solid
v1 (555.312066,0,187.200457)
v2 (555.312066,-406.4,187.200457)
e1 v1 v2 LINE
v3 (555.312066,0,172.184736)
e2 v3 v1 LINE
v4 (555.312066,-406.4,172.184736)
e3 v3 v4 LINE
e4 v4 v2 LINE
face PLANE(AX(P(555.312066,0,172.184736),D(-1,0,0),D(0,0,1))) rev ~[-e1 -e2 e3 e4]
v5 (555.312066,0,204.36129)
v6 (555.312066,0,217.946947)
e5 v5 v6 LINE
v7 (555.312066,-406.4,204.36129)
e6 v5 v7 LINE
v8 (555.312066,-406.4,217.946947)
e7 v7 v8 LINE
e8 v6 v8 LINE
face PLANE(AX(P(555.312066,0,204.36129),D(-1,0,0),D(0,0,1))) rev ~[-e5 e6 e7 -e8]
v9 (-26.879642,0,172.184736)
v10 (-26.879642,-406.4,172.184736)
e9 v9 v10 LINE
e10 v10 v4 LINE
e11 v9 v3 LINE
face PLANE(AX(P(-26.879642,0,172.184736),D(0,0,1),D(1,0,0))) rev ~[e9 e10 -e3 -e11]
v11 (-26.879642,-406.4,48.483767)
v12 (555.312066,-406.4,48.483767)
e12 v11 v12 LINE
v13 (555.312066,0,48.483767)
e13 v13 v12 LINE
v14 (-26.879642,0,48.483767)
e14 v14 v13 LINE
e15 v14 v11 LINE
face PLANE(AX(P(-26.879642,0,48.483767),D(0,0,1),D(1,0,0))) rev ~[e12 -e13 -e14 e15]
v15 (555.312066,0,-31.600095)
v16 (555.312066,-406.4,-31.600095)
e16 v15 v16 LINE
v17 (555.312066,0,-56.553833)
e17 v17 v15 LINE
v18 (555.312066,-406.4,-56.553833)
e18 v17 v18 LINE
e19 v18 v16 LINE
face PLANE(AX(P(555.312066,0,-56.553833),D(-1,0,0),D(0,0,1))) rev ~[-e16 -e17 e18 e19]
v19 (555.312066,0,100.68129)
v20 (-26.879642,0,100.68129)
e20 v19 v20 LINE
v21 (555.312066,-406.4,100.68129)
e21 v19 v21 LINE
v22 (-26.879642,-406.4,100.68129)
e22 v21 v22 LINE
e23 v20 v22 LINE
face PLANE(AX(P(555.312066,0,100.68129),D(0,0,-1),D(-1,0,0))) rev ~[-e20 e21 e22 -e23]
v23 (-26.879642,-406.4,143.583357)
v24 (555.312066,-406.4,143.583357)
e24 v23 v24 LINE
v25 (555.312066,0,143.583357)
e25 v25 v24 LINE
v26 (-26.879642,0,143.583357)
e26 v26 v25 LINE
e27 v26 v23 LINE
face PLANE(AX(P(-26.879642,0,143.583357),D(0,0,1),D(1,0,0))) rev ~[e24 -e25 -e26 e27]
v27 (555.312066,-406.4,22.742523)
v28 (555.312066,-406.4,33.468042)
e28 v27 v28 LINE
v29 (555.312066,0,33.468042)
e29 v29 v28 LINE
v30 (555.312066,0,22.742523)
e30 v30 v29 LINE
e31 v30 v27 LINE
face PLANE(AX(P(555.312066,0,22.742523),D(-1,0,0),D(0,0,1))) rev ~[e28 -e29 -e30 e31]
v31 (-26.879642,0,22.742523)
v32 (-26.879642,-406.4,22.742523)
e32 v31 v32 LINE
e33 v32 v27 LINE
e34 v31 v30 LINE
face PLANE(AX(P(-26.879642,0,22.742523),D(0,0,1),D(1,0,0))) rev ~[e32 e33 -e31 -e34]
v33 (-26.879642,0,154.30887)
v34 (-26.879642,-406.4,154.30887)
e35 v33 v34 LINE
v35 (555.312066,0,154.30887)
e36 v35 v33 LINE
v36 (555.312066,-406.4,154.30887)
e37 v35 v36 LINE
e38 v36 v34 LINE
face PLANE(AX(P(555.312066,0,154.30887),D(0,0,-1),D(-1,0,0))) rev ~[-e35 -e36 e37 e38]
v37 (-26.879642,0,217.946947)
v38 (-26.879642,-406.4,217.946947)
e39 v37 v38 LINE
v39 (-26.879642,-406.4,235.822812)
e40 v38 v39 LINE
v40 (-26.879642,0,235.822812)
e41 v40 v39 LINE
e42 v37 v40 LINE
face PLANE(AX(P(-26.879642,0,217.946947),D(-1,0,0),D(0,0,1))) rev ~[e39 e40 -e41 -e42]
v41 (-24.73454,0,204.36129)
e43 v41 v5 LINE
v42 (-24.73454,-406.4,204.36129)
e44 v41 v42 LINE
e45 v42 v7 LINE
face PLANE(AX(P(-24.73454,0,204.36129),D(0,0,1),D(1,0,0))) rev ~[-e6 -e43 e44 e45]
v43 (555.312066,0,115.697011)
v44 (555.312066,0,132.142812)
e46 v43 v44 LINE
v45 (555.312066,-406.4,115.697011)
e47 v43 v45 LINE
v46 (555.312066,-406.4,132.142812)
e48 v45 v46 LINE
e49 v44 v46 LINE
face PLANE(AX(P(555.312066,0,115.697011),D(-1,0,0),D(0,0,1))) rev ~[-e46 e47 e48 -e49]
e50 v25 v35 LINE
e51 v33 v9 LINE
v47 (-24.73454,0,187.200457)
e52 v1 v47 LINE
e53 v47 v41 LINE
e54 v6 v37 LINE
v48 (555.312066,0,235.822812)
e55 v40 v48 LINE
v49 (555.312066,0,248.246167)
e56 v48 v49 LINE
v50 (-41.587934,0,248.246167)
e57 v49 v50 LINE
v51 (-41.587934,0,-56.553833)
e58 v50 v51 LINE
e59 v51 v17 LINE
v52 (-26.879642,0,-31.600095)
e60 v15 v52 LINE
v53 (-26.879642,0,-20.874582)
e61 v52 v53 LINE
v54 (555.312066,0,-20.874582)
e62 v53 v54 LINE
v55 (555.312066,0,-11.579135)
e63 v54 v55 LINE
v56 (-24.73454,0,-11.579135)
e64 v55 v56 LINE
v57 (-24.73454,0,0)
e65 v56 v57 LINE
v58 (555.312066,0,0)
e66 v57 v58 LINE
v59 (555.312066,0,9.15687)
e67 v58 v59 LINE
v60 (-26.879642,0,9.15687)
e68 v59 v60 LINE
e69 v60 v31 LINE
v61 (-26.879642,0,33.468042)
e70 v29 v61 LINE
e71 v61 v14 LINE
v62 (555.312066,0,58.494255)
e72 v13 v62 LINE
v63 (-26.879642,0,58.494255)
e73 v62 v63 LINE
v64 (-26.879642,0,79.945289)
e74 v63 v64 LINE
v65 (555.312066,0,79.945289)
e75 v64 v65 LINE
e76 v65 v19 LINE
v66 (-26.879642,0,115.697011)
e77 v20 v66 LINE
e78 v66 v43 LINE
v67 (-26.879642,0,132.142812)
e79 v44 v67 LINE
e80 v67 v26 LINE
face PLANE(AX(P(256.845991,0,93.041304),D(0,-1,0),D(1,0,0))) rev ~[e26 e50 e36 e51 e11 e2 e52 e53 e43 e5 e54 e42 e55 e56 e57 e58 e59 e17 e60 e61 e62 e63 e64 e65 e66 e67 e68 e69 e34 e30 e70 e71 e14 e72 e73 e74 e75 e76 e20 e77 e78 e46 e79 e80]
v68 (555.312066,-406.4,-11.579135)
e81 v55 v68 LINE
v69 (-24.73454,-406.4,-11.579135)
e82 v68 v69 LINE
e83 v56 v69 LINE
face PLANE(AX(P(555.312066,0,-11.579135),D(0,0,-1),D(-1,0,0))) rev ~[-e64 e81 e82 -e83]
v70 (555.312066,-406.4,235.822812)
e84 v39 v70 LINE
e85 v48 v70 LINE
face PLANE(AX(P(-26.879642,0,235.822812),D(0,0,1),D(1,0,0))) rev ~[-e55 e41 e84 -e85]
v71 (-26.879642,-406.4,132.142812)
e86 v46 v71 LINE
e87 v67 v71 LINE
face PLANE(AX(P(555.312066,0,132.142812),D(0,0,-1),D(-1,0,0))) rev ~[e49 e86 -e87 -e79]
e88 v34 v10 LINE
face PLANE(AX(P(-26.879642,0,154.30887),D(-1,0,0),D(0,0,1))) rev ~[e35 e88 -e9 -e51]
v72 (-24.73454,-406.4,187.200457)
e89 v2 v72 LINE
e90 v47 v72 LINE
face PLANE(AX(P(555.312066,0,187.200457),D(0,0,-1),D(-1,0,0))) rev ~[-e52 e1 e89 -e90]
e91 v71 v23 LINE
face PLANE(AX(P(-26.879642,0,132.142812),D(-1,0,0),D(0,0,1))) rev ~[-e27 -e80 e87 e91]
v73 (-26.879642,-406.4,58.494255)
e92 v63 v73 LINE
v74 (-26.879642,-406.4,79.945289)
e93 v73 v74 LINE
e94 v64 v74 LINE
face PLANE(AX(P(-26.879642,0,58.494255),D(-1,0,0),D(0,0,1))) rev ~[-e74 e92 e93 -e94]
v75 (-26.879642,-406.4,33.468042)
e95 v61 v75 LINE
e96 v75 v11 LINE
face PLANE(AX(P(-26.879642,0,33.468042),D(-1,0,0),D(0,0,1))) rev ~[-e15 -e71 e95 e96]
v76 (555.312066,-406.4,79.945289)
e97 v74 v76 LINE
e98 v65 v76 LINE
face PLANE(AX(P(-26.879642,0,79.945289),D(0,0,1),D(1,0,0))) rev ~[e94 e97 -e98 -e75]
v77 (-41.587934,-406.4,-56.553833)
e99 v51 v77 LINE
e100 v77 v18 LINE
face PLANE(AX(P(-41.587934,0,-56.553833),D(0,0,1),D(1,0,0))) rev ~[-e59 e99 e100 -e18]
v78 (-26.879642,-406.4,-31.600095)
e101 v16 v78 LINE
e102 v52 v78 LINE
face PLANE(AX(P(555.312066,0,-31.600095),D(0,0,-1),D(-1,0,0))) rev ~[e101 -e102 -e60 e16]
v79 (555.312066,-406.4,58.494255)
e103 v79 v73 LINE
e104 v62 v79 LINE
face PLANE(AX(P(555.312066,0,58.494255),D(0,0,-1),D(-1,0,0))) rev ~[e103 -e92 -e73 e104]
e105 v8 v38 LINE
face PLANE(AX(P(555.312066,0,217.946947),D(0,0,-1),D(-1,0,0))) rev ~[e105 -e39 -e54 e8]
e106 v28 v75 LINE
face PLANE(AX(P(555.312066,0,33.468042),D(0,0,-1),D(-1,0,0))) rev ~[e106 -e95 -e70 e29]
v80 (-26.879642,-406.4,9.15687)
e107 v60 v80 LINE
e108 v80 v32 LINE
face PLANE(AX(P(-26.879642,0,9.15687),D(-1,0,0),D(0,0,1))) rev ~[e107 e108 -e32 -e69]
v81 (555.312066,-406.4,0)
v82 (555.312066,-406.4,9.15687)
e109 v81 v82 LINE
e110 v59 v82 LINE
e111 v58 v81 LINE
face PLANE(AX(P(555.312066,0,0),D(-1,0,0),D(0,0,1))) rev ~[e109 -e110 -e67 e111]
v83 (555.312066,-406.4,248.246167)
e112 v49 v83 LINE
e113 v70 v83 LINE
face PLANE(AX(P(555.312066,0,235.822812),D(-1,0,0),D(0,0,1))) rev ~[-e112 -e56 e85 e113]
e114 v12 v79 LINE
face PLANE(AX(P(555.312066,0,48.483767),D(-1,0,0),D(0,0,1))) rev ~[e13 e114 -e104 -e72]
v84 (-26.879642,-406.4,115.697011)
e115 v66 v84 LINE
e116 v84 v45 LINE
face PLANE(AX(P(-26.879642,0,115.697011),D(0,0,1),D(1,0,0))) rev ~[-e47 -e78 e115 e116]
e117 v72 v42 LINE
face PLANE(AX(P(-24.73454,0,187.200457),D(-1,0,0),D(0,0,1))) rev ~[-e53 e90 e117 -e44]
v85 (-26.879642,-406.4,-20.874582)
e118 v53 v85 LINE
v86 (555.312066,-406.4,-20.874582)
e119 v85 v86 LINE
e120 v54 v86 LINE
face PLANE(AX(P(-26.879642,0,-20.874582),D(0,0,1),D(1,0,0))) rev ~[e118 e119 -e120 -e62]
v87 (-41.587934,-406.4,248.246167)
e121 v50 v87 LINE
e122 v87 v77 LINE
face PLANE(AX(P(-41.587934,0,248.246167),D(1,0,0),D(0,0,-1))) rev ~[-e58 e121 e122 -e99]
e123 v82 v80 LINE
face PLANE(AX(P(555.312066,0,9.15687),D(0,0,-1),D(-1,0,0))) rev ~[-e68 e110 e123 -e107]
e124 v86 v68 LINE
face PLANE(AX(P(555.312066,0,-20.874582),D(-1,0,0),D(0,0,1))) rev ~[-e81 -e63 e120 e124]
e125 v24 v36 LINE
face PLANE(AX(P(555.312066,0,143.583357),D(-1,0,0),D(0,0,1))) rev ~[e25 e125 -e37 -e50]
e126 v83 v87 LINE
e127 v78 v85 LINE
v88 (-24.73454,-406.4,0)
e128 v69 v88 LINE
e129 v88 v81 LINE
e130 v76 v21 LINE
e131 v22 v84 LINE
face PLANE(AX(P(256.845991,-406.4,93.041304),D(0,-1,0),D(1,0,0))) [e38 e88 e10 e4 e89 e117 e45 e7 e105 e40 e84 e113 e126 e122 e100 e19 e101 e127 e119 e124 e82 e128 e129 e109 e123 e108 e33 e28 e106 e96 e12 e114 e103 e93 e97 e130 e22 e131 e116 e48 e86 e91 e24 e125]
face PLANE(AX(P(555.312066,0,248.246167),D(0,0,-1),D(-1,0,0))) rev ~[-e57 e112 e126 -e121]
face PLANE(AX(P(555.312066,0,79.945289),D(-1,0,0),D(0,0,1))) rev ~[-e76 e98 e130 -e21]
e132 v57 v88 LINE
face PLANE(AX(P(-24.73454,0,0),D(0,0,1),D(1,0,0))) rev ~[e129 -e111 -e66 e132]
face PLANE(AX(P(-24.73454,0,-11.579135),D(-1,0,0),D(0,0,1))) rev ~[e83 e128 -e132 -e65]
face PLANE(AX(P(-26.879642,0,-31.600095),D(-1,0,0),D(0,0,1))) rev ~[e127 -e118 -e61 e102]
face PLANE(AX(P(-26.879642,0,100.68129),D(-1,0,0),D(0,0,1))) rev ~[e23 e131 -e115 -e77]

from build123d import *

# Parameters (mm, degrees)
F1_DEPTH = 406.4


with BuildPart() as f1:
    # F0 (on Front) → F1 (new body)
    with BuildSketch(Plane.XZ):
        Polygon((555.312066, 248.246167), (-41.587934, 248.246167), (-41.587934, -56.553833), (555.312066, -56.553833), (555.312066, -31.600095), (-26.879642, -31.600095), (-26.879642, -20.874582), (555.312066, -20.874582), (555.312066, -11.579135), (-24.73454, -11.579135), (-24.73454, 0), (555.312066, 0), (555.312066, 9.15687), (-26.879642, 9.15687), (-26.879642, 22.742523), (555.312066, 22.742523), (555.312066, 33.468042), (-26.879642, 33.468042), (-26.879642, 48.483767), (555.312066, 48.483767), (555.312066, 58.494255), (-26.879642, 58.494255), (-26.879642, 79.945289), (555.312066, 79.945289), (555.312066, 100.68129), (-26.879642, 100.68129), (-26.879642, 115.697011), (555.312066, 115.697011), (555.312066, 132.142812), (-26.879642, 132.142812), (-26.879642, 143.583357), (555.312066, 143.583357), (555.312066, 154.30887), (-26.879642, 154.30887), (-26.879642, 172.184736), (555.312066, 172.184736), (555.312066, 187.200457), (-24.73454, 187.200457), (-24.73454, 204.36129), (555.312066, 204.36129), (555.312066, 217.946947), (-26.879642, 217.946947), (-26.879642, 235.822812), (555.312066, 235.822812), align=None)
    extrude(amount=F1_DEPTH)


solid = f1.part
